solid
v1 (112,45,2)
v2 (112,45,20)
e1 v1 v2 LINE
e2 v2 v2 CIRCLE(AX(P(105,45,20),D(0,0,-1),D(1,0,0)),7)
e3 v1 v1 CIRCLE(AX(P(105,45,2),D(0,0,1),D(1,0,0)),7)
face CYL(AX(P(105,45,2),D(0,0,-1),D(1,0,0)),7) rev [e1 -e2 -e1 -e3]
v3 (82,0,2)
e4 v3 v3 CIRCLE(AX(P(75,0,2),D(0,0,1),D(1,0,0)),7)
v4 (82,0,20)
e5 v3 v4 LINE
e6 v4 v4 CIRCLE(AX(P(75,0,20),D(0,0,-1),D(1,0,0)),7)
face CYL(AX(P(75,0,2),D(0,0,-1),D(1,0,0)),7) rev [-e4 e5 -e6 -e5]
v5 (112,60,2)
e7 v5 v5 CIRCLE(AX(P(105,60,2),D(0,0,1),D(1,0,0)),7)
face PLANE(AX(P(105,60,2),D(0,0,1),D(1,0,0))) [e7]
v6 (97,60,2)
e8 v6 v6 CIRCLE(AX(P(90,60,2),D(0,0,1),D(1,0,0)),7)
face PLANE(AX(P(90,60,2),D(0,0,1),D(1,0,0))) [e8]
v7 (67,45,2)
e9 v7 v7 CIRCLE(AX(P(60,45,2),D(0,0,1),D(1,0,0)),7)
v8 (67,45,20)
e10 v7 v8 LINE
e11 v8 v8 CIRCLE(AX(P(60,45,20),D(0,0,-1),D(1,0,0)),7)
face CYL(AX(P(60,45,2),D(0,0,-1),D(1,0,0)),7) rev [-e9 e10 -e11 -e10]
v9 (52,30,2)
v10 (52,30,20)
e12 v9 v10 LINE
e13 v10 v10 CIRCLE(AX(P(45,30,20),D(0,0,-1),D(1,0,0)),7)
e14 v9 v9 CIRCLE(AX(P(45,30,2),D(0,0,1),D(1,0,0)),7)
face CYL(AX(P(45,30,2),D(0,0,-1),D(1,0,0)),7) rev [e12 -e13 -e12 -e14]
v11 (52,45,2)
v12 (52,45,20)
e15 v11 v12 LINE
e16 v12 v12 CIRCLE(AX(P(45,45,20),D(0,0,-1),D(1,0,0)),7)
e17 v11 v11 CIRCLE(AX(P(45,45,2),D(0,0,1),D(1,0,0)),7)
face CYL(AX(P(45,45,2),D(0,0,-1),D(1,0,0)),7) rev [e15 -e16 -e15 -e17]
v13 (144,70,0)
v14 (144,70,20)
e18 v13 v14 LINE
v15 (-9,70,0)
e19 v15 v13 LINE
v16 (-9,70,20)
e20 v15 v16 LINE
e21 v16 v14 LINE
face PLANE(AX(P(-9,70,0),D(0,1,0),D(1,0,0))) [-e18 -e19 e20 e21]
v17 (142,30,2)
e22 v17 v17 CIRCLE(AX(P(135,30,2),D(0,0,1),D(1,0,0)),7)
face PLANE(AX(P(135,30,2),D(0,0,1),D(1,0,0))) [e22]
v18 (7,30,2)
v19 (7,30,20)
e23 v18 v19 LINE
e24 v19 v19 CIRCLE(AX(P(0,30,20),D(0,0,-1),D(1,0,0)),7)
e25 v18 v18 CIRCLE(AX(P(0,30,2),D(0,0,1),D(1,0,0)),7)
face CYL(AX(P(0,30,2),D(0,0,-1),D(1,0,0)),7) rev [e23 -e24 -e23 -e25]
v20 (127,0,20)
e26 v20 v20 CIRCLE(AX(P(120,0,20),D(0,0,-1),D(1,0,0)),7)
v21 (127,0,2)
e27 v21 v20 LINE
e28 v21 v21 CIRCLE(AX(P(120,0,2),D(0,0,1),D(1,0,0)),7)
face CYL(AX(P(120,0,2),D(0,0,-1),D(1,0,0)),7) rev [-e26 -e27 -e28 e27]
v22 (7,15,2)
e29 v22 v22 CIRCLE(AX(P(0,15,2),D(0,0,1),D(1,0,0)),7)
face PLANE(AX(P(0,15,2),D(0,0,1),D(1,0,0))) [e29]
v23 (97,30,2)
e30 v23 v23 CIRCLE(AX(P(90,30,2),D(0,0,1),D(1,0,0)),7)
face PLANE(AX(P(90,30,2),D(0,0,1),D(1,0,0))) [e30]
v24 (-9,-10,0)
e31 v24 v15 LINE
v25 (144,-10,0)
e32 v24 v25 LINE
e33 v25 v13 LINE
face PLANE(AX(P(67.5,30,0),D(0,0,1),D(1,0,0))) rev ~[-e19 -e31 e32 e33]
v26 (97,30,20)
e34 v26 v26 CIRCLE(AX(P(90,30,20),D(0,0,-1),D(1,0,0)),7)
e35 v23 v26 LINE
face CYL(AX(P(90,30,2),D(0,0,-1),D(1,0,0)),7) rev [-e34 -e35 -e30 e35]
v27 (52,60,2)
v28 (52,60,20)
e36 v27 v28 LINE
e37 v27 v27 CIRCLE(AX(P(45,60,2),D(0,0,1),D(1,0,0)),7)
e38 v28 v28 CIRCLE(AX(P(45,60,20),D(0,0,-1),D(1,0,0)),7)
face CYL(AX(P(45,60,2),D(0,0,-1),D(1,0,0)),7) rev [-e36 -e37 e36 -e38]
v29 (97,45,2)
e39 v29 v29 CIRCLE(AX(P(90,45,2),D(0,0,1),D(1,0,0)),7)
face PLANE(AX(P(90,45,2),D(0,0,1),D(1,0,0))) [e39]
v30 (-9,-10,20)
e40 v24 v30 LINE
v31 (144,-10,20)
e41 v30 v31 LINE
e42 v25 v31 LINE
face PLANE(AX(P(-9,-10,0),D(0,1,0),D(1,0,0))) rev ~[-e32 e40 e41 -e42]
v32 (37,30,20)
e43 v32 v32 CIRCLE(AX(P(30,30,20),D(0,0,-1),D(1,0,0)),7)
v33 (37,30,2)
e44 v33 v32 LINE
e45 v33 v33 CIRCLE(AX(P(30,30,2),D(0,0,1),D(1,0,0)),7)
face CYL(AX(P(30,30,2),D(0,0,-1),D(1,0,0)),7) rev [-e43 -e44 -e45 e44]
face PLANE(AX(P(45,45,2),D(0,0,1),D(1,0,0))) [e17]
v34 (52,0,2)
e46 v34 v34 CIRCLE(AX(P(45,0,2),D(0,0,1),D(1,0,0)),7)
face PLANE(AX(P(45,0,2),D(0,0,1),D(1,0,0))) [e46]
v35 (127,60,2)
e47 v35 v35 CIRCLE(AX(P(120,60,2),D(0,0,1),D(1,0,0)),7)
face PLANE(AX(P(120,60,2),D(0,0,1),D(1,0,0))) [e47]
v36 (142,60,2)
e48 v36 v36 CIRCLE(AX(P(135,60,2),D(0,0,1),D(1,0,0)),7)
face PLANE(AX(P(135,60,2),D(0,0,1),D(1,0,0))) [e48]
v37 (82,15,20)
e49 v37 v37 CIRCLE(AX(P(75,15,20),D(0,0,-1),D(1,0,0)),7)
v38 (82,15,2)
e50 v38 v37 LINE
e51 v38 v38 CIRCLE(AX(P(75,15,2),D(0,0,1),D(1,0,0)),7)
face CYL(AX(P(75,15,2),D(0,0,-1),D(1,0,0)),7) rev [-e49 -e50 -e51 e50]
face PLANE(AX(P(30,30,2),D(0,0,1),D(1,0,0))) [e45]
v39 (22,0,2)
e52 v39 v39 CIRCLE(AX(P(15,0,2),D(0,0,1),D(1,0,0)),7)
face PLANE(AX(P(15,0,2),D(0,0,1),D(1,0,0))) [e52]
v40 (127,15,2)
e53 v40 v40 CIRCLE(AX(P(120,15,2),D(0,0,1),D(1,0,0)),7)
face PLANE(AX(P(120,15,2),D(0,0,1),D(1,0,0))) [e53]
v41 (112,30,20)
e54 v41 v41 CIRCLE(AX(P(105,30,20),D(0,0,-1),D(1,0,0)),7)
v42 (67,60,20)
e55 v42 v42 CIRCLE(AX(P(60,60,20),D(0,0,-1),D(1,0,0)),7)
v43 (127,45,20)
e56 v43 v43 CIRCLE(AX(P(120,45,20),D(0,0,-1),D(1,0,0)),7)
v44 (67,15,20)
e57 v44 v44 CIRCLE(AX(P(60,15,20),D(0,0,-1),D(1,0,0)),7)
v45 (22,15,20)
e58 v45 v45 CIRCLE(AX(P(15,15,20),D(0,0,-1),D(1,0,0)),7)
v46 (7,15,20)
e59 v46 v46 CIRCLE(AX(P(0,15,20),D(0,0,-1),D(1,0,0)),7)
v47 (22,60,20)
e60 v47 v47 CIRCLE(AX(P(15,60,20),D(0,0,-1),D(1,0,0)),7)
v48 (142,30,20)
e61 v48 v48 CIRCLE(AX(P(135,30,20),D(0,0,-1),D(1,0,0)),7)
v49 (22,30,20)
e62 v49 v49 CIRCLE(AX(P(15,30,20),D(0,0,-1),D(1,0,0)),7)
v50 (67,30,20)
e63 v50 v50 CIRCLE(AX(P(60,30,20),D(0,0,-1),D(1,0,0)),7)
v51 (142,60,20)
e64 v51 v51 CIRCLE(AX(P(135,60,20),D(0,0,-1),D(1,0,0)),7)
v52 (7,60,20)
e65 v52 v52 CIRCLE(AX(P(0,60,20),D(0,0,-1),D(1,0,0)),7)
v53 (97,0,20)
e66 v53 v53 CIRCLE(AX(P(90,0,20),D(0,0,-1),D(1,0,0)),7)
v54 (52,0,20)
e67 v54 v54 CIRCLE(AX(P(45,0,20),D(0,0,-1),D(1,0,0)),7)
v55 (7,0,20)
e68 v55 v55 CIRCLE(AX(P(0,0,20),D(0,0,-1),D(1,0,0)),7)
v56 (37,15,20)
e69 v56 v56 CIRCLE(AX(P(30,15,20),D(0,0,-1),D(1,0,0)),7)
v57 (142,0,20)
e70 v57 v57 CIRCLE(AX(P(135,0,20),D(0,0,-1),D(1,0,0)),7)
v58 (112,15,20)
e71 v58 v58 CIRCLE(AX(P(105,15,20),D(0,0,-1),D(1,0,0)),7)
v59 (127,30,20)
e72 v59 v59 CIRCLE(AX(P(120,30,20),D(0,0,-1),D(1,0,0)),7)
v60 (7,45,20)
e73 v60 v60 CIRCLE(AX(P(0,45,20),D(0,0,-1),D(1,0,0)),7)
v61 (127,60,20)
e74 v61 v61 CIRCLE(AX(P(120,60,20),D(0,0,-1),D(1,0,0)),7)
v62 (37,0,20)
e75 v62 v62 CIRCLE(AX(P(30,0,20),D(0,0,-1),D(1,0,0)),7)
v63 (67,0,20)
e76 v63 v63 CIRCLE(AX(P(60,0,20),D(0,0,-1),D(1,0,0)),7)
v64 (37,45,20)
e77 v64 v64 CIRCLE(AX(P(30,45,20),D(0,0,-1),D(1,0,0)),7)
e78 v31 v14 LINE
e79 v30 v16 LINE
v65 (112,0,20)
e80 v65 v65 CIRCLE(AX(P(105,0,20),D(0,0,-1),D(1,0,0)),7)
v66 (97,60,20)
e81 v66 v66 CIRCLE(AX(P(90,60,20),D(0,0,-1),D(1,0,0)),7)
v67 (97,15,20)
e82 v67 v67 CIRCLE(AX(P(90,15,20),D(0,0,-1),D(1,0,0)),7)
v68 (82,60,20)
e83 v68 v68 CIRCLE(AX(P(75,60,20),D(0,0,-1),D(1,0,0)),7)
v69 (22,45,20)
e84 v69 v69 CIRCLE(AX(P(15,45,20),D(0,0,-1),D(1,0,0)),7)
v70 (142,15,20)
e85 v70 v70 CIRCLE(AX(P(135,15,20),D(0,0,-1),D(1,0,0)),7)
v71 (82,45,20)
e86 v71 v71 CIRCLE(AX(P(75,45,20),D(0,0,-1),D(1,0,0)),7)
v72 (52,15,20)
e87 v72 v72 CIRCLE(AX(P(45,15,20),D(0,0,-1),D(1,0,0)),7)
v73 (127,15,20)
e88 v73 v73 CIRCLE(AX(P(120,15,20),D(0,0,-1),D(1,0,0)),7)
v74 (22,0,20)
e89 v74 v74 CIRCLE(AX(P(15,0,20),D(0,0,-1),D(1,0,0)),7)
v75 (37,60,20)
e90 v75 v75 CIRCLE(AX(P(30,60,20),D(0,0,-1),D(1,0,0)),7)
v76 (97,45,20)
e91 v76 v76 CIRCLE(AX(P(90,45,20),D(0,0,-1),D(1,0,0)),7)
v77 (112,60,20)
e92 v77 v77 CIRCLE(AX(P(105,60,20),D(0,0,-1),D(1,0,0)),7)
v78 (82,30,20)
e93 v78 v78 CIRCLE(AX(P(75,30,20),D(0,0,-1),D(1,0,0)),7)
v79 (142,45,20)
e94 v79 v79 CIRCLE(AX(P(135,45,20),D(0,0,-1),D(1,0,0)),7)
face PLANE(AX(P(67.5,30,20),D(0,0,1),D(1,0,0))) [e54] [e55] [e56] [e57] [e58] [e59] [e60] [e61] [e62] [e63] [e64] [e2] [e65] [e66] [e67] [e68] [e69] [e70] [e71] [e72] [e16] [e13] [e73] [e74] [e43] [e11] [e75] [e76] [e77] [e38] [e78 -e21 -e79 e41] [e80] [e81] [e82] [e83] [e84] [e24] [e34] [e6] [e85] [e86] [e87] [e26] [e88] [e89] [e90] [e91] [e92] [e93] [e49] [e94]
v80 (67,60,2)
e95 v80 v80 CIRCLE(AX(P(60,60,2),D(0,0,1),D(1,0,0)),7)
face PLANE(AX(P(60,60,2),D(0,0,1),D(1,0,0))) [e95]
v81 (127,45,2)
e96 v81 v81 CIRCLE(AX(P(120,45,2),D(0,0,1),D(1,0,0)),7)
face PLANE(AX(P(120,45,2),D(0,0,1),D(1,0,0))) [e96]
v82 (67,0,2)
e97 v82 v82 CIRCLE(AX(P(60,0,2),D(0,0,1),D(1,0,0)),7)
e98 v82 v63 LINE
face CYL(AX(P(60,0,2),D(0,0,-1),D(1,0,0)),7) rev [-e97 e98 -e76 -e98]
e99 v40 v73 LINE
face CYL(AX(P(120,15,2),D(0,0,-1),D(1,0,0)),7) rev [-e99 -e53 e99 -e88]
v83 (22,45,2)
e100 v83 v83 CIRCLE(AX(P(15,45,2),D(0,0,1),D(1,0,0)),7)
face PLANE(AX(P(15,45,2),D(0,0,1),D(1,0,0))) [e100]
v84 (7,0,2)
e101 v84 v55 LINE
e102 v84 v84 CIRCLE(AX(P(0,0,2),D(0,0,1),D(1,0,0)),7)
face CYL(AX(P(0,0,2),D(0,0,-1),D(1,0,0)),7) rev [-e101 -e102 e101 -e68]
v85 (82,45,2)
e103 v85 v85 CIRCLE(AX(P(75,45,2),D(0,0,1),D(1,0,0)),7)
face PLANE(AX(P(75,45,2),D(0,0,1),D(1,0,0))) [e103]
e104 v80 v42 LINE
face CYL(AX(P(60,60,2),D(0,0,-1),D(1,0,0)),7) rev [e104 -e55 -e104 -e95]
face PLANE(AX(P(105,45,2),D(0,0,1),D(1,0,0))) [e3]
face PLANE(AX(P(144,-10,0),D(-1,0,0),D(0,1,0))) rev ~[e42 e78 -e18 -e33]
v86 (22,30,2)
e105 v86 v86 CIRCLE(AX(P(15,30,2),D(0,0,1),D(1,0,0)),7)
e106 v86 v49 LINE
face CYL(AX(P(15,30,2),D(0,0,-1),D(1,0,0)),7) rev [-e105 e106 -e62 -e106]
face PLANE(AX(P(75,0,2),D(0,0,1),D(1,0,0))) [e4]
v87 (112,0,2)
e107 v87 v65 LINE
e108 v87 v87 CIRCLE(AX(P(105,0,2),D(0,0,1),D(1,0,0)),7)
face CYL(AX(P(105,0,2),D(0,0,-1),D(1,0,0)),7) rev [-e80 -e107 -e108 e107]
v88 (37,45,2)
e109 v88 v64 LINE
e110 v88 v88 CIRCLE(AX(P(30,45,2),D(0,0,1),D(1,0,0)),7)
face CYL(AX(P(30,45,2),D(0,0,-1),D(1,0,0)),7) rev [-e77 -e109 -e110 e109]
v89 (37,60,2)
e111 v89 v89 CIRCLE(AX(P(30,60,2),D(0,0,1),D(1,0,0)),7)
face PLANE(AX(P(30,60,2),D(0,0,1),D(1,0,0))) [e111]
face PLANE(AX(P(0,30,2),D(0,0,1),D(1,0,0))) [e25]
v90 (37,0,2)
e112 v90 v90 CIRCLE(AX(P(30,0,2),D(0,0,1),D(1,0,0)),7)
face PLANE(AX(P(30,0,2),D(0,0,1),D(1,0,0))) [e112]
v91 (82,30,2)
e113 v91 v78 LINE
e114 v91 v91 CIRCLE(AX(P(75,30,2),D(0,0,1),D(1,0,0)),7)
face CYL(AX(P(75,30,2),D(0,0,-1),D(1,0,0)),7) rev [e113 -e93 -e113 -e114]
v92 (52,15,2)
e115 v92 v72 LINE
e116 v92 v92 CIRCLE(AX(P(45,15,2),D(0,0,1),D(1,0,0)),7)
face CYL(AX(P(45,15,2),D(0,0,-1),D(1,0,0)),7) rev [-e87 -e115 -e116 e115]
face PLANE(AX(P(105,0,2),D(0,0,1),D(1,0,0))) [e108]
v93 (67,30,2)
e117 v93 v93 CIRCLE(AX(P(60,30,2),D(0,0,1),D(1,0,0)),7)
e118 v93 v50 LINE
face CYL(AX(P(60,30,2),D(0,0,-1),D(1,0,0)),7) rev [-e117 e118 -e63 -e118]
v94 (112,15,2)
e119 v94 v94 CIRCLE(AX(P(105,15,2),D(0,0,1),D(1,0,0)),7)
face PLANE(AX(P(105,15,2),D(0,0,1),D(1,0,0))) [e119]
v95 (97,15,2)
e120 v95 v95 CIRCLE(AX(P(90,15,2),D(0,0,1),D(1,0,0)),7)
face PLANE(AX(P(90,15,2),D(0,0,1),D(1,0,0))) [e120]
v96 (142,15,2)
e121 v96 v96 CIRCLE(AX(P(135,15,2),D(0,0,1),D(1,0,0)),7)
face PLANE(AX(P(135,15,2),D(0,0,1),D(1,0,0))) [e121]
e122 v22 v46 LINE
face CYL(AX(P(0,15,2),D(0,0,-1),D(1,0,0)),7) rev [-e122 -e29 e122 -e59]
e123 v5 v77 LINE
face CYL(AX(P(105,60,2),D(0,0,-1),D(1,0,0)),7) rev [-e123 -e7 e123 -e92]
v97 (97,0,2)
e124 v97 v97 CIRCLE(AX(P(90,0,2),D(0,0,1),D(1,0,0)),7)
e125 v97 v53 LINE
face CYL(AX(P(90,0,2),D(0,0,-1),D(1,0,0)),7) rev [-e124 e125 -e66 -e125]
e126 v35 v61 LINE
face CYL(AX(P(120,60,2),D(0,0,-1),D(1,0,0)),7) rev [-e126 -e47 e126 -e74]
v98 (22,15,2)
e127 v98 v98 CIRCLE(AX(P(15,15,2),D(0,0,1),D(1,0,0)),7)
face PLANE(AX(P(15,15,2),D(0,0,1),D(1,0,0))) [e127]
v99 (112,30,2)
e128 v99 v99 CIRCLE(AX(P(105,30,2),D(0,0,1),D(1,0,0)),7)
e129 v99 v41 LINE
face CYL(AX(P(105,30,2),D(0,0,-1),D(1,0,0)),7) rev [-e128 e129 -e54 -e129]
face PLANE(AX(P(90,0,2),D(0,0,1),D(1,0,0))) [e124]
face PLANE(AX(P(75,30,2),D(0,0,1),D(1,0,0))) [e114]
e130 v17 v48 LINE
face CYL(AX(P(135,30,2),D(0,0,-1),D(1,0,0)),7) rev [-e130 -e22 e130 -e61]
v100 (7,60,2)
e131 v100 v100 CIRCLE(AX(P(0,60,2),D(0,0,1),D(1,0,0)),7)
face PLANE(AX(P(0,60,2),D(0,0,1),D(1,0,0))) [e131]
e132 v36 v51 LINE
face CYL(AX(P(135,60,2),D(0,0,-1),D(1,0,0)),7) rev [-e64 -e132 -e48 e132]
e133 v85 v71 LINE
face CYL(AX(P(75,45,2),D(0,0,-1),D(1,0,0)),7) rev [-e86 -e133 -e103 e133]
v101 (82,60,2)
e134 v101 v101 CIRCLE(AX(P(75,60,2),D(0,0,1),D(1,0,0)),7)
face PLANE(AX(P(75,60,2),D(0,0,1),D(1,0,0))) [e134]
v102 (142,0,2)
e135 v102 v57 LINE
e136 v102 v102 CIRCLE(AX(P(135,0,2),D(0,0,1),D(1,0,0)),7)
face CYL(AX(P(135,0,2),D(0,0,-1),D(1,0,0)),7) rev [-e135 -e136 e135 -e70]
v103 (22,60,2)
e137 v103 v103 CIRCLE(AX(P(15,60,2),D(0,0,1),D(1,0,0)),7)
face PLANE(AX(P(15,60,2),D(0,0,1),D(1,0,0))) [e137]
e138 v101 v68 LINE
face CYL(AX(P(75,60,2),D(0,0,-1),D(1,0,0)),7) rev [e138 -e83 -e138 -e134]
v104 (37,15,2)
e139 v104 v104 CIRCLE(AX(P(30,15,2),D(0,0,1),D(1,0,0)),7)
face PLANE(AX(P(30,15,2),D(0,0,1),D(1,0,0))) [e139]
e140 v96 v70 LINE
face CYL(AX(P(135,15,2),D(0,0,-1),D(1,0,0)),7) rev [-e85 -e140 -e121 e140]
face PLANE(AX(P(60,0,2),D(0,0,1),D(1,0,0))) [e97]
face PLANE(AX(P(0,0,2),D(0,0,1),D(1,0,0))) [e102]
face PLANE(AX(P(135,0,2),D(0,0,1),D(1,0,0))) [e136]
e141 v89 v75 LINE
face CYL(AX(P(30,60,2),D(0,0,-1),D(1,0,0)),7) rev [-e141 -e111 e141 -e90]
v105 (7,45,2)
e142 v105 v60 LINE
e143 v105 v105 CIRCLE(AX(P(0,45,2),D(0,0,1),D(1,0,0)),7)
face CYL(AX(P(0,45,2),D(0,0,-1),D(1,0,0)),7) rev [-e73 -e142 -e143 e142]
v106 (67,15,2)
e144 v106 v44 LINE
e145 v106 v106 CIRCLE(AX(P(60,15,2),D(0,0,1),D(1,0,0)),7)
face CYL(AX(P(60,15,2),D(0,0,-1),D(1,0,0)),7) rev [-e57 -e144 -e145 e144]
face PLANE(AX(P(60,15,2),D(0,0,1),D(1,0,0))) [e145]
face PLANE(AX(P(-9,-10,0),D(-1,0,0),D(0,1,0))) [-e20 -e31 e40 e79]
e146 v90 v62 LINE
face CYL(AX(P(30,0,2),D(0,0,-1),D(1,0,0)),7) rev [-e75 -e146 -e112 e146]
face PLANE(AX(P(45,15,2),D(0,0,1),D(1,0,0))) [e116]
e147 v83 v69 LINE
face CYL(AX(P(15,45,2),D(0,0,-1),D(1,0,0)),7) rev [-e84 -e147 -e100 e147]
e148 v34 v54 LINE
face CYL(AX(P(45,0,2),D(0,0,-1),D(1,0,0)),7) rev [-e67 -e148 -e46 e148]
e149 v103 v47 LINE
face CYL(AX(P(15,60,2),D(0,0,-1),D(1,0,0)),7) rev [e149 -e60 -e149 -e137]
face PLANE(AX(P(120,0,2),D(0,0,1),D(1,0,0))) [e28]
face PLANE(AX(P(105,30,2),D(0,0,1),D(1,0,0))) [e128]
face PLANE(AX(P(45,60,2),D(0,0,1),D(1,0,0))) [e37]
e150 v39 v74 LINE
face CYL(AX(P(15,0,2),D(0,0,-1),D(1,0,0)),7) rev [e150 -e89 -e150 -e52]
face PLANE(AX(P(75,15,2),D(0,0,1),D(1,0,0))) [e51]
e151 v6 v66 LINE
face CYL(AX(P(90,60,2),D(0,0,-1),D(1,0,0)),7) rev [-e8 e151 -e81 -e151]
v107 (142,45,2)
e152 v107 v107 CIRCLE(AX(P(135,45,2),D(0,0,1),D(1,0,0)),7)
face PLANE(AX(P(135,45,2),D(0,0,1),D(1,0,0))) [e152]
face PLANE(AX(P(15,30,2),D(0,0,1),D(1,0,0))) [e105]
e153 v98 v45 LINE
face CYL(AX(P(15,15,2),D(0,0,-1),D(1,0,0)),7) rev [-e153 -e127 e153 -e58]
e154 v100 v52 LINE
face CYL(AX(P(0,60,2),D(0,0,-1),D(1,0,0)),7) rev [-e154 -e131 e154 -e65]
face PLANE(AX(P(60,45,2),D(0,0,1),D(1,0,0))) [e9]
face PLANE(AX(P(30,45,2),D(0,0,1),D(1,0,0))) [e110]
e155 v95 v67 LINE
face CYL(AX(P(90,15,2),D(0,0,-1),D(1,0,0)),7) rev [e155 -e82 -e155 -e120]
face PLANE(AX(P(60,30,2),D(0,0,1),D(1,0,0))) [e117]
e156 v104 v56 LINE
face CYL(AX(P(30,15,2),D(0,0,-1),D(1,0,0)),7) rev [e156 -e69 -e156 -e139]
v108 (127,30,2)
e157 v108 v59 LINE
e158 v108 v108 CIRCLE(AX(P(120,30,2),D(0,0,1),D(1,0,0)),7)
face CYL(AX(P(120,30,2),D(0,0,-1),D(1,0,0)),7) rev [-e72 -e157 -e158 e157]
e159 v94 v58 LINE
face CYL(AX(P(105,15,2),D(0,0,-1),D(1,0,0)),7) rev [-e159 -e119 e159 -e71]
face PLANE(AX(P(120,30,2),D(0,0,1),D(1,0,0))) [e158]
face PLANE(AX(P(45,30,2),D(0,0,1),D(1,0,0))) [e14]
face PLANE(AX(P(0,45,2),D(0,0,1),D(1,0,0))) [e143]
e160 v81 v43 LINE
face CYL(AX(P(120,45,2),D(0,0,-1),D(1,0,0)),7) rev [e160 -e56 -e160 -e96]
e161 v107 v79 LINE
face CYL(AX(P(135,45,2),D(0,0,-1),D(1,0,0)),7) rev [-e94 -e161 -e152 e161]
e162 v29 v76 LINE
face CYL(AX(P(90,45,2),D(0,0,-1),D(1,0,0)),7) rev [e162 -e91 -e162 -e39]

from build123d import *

# Parameters (mm, degrees)
CYLINDER_R     = 7
CYLINDER_DEPTH = 20
ARRAY_X_COUNT  = 10
ARRAY_X_PITCH  = 15
ARRAY_Y_COUNT  = 5
ARRAY_Y_PITCH  = 15
BOX_W          = 153
BOX_H          = 80
BOX_DEPTH      = 20


with BuildPart() as conjuntopilas:
    # Cylinder → Cylinder (new body)
    with BuildSketch(Plane.XY.offset(2)):
        Circle(CYLINDER_R)
    extrude(amount=CYLINDER_DEPTH)

    # Array X: ConjuntoPilas ×10


with BuildPart() as conjuntopilas_1:
    add(conjuntopilas.part)
    with Locations(*[(i * ARRAY_X_PITCH, 0, 0) for i in range(1, ARRAY_X_COUNT)]):
        add(conjuntopilas.part)

    # Array Y: ConjuntoPilas ×5


with BuildPart() as conjuntopilas_2:
    add(conjuntopilas_1.part)
    with Locations(*[(0, i * ARRAY_Y_PITCH, 0) for i in range(1, ARRAY_Y_COUNT)]):
        add(conjuntopilas_1.part)


with BuildPart() as soportepilas:
    # Box → Box (new body)
    with BuildSketch(Plane(origin=(-9, -10, 0), x_dir=(1, 0, 0), z_dir=(0, 0, 1))):
        with Locations((76.5, 40)):
            Rectangle(BOX_W, BOX_H)
    extrude(amount=BOX_DEPTH)

    # Cut: cut ConjuntoPilas
    add(conjuntopilas_2.part, mode=Mode.SUBTRACT)


solid = soportepilas.part
